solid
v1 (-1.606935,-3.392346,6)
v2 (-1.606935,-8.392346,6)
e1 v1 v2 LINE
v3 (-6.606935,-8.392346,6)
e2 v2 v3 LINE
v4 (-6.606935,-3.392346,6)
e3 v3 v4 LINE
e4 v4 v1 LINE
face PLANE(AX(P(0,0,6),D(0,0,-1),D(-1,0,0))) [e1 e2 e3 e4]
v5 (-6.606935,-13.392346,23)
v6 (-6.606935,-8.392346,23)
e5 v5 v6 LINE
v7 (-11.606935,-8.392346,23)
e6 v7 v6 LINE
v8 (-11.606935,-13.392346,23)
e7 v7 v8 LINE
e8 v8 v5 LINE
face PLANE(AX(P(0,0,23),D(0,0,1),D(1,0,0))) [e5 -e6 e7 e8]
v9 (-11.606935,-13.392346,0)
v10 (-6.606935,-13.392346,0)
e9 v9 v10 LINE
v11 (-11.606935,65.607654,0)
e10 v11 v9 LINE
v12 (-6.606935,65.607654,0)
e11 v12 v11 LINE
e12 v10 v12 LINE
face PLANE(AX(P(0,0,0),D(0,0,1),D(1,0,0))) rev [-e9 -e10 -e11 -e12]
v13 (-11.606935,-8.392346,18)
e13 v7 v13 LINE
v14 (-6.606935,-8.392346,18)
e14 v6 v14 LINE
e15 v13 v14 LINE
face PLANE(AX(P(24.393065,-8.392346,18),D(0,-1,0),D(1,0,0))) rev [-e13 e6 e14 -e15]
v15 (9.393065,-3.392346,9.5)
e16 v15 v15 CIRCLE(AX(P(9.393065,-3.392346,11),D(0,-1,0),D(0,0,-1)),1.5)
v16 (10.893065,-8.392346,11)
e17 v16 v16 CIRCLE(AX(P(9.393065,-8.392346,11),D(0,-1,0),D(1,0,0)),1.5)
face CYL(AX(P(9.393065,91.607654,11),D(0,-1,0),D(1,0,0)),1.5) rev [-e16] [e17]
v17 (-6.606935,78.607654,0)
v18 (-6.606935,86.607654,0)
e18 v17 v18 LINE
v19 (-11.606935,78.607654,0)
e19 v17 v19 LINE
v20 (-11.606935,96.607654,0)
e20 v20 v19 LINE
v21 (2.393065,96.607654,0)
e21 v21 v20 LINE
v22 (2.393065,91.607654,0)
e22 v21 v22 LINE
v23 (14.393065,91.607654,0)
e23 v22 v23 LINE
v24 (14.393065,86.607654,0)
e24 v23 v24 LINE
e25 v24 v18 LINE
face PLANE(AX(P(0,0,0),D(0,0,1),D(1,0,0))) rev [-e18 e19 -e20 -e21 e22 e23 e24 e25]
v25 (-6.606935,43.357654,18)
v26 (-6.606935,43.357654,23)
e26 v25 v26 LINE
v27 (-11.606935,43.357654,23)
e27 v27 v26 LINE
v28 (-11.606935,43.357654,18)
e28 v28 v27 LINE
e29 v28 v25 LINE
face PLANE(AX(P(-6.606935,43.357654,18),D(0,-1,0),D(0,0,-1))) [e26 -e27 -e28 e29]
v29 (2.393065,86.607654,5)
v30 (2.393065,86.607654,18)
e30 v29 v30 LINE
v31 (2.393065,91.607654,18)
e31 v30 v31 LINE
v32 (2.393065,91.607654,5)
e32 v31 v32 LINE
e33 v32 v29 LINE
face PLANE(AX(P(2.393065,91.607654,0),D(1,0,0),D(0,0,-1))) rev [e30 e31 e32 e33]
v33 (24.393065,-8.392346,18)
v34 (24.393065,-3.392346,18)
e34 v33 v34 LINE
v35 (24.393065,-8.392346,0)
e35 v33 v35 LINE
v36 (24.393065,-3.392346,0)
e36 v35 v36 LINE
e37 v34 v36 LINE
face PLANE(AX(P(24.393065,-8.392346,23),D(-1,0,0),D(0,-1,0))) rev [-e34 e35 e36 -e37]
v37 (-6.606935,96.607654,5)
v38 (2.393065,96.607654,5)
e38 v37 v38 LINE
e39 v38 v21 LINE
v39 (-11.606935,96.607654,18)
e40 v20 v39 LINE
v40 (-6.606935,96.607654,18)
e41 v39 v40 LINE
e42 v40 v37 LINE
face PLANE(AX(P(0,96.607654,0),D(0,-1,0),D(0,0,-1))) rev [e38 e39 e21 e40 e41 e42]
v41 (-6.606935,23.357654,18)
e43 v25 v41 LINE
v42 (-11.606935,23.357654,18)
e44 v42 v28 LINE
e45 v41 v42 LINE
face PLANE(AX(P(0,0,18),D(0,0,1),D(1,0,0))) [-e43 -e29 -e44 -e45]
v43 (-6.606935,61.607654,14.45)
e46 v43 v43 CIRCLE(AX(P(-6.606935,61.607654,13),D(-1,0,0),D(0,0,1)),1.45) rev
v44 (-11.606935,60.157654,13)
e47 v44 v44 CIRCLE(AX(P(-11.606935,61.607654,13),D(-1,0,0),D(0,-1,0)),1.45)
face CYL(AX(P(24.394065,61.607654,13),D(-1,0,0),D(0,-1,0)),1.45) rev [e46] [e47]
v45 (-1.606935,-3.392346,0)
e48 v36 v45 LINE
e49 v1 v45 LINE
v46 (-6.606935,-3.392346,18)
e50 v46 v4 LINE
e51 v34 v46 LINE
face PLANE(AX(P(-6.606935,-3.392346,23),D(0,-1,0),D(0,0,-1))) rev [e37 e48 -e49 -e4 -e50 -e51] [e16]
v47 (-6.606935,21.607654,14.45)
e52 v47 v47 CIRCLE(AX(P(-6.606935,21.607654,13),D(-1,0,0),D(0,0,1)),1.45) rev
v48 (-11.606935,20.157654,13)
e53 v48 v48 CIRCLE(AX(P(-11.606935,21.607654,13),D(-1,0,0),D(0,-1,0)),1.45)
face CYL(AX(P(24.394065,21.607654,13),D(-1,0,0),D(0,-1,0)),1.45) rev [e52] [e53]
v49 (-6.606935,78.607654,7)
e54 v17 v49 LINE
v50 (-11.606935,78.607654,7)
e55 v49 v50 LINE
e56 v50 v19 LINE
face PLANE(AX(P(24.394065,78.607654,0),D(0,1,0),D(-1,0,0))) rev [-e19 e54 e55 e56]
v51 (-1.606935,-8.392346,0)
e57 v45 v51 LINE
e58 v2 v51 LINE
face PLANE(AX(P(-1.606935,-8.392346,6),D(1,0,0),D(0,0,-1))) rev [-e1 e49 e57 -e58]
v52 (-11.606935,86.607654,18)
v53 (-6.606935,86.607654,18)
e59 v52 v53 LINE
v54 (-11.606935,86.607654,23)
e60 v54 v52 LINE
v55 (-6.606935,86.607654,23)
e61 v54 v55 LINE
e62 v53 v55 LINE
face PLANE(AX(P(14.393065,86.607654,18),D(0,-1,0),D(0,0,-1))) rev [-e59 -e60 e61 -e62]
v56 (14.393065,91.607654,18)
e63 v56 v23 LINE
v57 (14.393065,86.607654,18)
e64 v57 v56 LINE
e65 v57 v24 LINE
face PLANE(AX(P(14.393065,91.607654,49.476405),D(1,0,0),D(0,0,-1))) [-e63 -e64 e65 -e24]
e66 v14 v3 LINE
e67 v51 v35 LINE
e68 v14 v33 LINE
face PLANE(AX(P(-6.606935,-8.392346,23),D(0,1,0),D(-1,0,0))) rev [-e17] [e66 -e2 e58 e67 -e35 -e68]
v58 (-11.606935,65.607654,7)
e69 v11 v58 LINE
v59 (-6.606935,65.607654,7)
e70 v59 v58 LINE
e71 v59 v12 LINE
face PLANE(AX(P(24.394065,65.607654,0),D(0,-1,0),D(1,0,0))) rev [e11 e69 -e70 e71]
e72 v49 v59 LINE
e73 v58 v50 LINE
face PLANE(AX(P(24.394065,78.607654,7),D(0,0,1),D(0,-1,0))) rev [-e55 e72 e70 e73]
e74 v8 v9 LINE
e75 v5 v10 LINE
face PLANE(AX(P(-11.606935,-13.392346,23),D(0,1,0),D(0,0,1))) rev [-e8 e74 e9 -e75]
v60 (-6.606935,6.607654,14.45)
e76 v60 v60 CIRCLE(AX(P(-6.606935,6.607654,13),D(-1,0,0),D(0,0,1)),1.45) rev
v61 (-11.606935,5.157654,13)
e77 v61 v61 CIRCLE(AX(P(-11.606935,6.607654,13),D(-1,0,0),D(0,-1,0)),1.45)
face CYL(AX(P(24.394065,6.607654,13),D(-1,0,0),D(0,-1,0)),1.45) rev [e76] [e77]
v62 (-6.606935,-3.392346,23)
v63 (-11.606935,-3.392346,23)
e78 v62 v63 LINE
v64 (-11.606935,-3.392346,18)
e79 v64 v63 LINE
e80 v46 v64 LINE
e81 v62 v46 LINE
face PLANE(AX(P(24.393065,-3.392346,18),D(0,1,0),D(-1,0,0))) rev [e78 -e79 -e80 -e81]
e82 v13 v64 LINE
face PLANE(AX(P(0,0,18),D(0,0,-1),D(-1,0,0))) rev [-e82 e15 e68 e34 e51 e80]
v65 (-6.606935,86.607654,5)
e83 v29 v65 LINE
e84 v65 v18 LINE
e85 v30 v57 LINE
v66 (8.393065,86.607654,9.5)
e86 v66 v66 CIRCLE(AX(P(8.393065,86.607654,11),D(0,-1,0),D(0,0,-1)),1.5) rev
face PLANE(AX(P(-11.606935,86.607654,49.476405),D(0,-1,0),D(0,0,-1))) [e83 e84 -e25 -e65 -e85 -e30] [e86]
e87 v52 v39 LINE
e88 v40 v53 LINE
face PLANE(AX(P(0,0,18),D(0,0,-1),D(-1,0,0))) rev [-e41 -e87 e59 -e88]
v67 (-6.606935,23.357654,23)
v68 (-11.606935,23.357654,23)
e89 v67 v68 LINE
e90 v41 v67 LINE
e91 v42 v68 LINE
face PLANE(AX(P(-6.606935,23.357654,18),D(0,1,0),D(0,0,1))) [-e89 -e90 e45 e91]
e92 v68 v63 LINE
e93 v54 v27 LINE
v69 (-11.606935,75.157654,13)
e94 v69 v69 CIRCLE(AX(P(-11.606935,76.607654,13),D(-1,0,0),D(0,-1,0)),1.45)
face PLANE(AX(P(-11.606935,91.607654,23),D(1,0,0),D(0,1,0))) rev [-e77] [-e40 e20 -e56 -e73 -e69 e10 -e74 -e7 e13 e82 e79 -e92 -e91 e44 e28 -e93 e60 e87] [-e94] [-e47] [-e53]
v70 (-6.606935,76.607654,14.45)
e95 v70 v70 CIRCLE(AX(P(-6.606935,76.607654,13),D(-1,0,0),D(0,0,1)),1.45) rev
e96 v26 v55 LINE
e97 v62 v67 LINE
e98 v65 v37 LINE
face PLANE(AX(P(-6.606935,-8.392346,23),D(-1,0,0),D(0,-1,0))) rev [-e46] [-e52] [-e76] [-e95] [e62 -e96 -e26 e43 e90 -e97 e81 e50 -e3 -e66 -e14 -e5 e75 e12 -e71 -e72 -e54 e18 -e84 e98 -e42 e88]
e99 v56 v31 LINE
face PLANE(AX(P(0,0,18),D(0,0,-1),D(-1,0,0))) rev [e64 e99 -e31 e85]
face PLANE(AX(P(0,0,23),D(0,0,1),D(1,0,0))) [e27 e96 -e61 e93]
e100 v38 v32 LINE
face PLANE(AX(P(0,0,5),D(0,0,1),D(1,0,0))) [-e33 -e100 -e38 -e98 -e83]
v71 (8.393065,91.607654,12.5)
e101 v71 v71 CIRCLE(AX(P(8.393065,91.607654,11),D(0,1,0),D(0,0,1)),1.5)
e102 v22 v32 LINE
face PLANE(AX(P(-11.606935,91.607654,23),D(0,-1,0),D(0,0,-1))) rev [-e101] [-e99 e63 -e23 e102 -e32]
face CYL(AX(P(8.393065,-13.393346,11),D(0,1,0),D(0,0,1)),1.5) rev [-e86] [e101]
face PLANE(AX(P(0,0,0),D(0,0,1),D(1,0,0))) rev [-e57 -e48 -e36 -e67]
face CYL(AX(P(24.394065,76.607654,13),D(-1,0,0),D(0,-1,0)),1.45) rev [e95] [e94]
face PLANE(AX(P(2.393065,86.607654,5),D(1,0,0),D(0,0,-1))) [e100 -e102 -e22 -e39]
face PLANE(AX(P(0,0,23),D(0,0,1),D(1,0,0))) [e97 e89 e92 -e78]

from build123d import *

# Parameters (mm, degrees)
EXTRUDE_1_DEPTH      = 23
SKETCH_2_W           = 5
SKETCH_2_H           = 20
CUT_EXTRUDE_1_DEPTH  = 5
SKETCH_3_R           = 1.5
CUT_EXTRUDE_2_DEPTH  = 106.470477522
SKETCH_5_W           = 70.883972197
SKETCH_5_H           = 5
CUT_EXTRUDE_3_DEPTH  = 5
SKETCH_6_W           = 26
SKETCH_6_H           = 5
EXTRUDE_2_DEPTH      = 23
CUT_EXTRUDE_4_REACH  = 112.223
SKETCH_7_W           = 21
SKETCH_7_H           = 14
SKETCH_9_W           = 42.093612699
SKETCH_9_H           = 5
CUT_EXTRUDE_6_DEPTH  = 5
CUT_EXTRUDE_7_REACH  = 103.079
SKETCH_10_W          = 7
SKETCH_10_H          = 13
SKETCH_12_W          = 12
SKETCH_12_H          = 5
EXTRUDE_4_DEPTH      = 14
EXTRUDE_5_DEPTH      = 5
CUT_EXTRUDE_8_REACH  = 107.632
SKETCH_14_R          = 1.45
SKETCH_15_W          = 5
SKETCH_15_H          = 5
CUT_EXTRUDE_9_DEPTH  = 6
CUT_EXTRUDE_5_REACH  = 112.223
SKETCH_8_R           = 1.5
SKETCH_16_W          = 9
SKETCH_16_H          = 10
EXTRUDE_6_DEPTH      = 5
SKETCH_17_W          = 9
SKETCH_17_H          = 10
CUT_EXTRUDE_10_DEPTH = 5


with BuildPart() as part:
    # 草圖1 → 填料-伸長1 (new body)
    with BuildSketch(Plane.XY):
        Polygon((-6.606934821, -8.392345722), (-6.606934821, -13.392345722), (-11.606934821, -13.392345722), (-11.606934821, 91.607654278), (-6.606934821, 91.607654278), (-6.606934821, 87.03530479), (-6.606934821, 81.216936273), (-6.606934821, -3.392345722), (24.393065179, -3.392345722), (24.393065179, -8.392345722), align=None)
    extrude(amount=EXTRUDE_1_DEPTH)

    # 草圖2 → 除料-伸長1 (cut)
    with BuildSketch(Plane(origin=(0, 0, 23), x_dir=(-1, 0, 0), z_dir=(0, 0, -1))):
        with Locations((9.106934821, 33.357654278)):
            Rectangle(SKETCH_2_W, SKETCH_2_H)
    extrude(amount=CUT_EXTRUDE_1_DEPTH, mode=Mode.SUBTRACT)

    # 草圖3 → 除料-伸長2 (cut, through all)
    with BuildSketch(Plane.XZ.offset(8.392345722)):
        with Locations((9.393065179, 11)):
            Circle(SKETCH_3_R)
    extrude(amount=-CUT_EXTRUDE_2_DEPTH, mode=Mode.SUBTRACT)

    # 草圖5 → 除料-伸長3 (cut)
    with BuildSketch(Plane.XY.offset(23)):
        with Locations((-11.04892092, -5.892345722)):
            Rectangle(SKETCH_5_W, SKETCH_5_H)
    extrude(amount=-CUT_EXTRUDE_3_DEPTH, mode=Mode.SUBTRACT)

    # 草圖6 → 填料-伸長2 (add)
    with BuildSketch(Plane(origin=(0, 0, 0), x_dir=(-1, 0, 0), z_dir=(0, 0, -1))):
        with Locations((-1.393065179, 89.107654278)):
            Rectangle(SKETCH_6_W, SKETCH_6_H)
    extrude(amount=-EXTRUDE_2_DEPTH)

    # 草圖7 → 除料-伸長4 (cut, up to next)
    with BuildSketch(Plane(origin=(0, 91.607654278, 0), x_dir=(1, 0, 0), z_dir=(0, 1, 0)), mode=Mode.PRIVATE) as cut_extrude_4_sk1:
        with Locations((3.893065179, -7)):
            Rectangle(SKETCH_7_W, SKETCH_7_H)
    cut_extrude_4_tool1 = extrude(cut_extrude_4_sk1.sketch, amount=-CUT_EXTRUDE_4_REACH, mode=Mode.PRIVATE) & part.part
    add(cut_extrude_4_tool1.solids().sort_by_distance((3.893065, 91.607654, 7))[0], mode=Mode.SUBTRACT)

    # 草圖9 → 除料-伸長6 (cut)
    with BuildSketch(Plane.XY.offset(23)):
        with Locations((-6.653741171, 89.107654278)):
            Rectangle(SKETCH_9_W, SKETCH_9_H)
    extrude(amount=-CUT_EXTRUDE_6_DEPTH, mode=Mode.SUBTRACT)

    # 草圖10 → 除料-伸長7 (cut, up to next)
    with BuildSketch(Plane.ZY.offset(11.606934821), mode=Mode.PRIVATE) as cut_extrude_7_sk1:
        with Locations((3.5, 72.107654278)):
            Rectangle(SKETCH_10_W, SKETCH_10_H)
    cut_extrude_7_tool1 = extrude(cut_extrude_7_sk1.sketch, amount=-CUT_EXTRUDE_7_REACH, mode=Mode.PRIVATE) & part.part
    add(cut_extrude_7_tool1.solids().sort_by_distance((-11.606935, 72.107654, 3.5))[0], mode=Mode.SUBTRACT)

    # 草圖12 → 填料-伸長4 (add)
    with BuildSketch(Plane(origin=(0, 0, 14), x_dir=(-1, 0, 0), z_dir=(0, 0, -1))):
        with Locations((-8.393065179, 89.107654278)):
            Rectangle(SKETCH_12_W, SKETCH_12_H)
    extrude(amount=EXTRUDE_4_DEPTH)

    # 草圖13 → 填料-伸長5 (add)
    with BuildSketch(Plane(origin=(0, 91.607654278, 0), x_dir=(1, 0, 0), z_dir=(0, 1, 0))):
        Polygon((2.393065179, -14), (-6.606934821, -14), (-6.606934821, 0), (-11.606934821, 0), (-11.606934821, -5), (-11.606934821, -18), (2.393065179, -18), align=None)
    extrude(amount=EXTRUDE_5_DEPTH)

    # 草圖14 → 除料-伸長8 (cut, up to next)
    with BuildSketch(Plane.ZY.offset(11.606934821), mode=Mode.PRIVATE) as cut_extrude_8_sk1:
        with Locations(Location((13, 76.607654278, 0), (0, 0, 270))):
            Circle(SKETCH_14_R)
    cut_extrude_8_tool1 = extrude(cut_extrude_8_sk1.sketch, amount=-CUT_EXTRUDE_8_REACH, mode=Mode.PRIVATE) & part.part
    # 草圖14 → 除料-伸長8 (cut, up to next)
    with BuildSketch(Plane.ZY.offset(11.606934821), mode=Mode.PRIVATE) as cut_extrude_8_sk2:
        with Locations(Location((13, 6.607654278, 0), (0, 0, 270))):
            Circle(SKETCH_14_R)
    cut_extrude_8_tool2 = extrude(cut_extrude_8_sk2.sketch, amount=-CUT_EXTRUDE_8_REACH, mode=Mode.PRIVATE) & part.part
    # 草圖14 → 除料-伸長8 (cut, up to next)
    with BuildSketch(Plane.ZY.offset(11.606934821), mode=Mode.PRIVATE) as cut_extrude_8_sk3:
        with Locations(Location((13, 61.607654278, 0), (0, 0, 270))):
            Circle(SKETCH_14_R)
    cut_extrude_8_tool3 = extrude(cut_extrude_8_sk3.sketch, amount=-CUT_EXTRUDE_8_REACH, mode=Mode.PRIVATE) & part.part
    # 草圖14 → 除料-伸長8 (cut, up to next)
    with BuildSketch(Plane.ZY.offset(11.606934821), mode=Mode.PRIVATE) as cut_extrude_8_sk4:
        with Locations(Location((13, 21.607654278, 0), (0, 0, 270))):
            Circle(SKETCH_14_R)
    cut_extrude_8_tool4 = extrude(cut_extrude_8_sk4.sketch, amount=-CUT_EXTRUDE_8_REACH, mode=Mode.PRIVATE) & part.part
    add(cut_extrude_8_tool1.solids().sort_by_distance((-11.606935, 76.607654, 13))[0], mode=Mode.SUBTRACT)
    add(cut_extrude_8_tool2.solids().sort_by_distance((-11.606935, 6.607654, 13))[0], mode=Mode.SUBTRACT)
    add(cut_extrude_8_tool3.solids().sort_by_distance((-11.606935, 61.607654, 13))[0], mode=Mode.SUBTRACT)
    add(cut_extrude_8_tool4.solids().sort_by_distance((-11.606935, 21.607654, 13))[0], mode=Mode.SUBTRACT)

    # 草圖15 → 除料-伸長9 (cut)
    with BuildSketch(Plane(origin=(0, 0, 0), x_dir=(-1, 0, 0), z_dir=(0, 0, -1))):
        with Locations((4.106934821, -5.892345722)):
            Rectangle(SKETCH_15_W, SKETCH_15_H)
    extrude(amount=-CUT_EXTRUDE_9_DEPTH, mode=Mode.SUBTRACT)

    # 草圖8 → 除料-伸長5 (cut, up to next)
    with BuildSketch(Plane(origin=(0, 91.607654278, 0), x_dir=(1, 0, 0), z_dir=(0, 1, 0)), mode=Mode.PRIVATE) as cut_extrude_5_sk1:
        with Locations(Location((8.393065179, -11, 0), (0, 0, 270))):
            Circle(SKETCH_8_R)
    cut_extrude_5_tool1 = extrude(cut_extrude_5_sk1.sketch, amount=-CUT_EXTRUDE_5_REACH, mode=Mode.PRIVATE) & part.part
    add(cut_extrude_5_tool1.solids().sort_by_distance((8.393065, 91.607654, 11))[0], mode=Mode.SUBTRACT)

    # 草圖16 → 填料-伸長6 (add)
    with BuildSketch(Plane(origin=(0, 0, 0), x_dir=(-1, 0, 0), z_dir=(0, 0, -1))):
        with Locations((2.106934821, 91.607654278)):
            Rectangle(SKETCH_16_W, SKETCH_16_H)
    extrude(amount=-EXTRUDE_6_DEPTH)

    # 草圖17 → 除料-伸長10 (cut)
    with BuildSketch(Plane.XY.offset(18)):
        with Locations((-2.106934821, 91.607654278)):
            Rectangle(SKETCH_17_W, SKETCH_17_H)
    extrude(amount=-CUT_EXTRUDE_10_DEPTH, mode=Mode.SUBTRACT)


solid = part.part
